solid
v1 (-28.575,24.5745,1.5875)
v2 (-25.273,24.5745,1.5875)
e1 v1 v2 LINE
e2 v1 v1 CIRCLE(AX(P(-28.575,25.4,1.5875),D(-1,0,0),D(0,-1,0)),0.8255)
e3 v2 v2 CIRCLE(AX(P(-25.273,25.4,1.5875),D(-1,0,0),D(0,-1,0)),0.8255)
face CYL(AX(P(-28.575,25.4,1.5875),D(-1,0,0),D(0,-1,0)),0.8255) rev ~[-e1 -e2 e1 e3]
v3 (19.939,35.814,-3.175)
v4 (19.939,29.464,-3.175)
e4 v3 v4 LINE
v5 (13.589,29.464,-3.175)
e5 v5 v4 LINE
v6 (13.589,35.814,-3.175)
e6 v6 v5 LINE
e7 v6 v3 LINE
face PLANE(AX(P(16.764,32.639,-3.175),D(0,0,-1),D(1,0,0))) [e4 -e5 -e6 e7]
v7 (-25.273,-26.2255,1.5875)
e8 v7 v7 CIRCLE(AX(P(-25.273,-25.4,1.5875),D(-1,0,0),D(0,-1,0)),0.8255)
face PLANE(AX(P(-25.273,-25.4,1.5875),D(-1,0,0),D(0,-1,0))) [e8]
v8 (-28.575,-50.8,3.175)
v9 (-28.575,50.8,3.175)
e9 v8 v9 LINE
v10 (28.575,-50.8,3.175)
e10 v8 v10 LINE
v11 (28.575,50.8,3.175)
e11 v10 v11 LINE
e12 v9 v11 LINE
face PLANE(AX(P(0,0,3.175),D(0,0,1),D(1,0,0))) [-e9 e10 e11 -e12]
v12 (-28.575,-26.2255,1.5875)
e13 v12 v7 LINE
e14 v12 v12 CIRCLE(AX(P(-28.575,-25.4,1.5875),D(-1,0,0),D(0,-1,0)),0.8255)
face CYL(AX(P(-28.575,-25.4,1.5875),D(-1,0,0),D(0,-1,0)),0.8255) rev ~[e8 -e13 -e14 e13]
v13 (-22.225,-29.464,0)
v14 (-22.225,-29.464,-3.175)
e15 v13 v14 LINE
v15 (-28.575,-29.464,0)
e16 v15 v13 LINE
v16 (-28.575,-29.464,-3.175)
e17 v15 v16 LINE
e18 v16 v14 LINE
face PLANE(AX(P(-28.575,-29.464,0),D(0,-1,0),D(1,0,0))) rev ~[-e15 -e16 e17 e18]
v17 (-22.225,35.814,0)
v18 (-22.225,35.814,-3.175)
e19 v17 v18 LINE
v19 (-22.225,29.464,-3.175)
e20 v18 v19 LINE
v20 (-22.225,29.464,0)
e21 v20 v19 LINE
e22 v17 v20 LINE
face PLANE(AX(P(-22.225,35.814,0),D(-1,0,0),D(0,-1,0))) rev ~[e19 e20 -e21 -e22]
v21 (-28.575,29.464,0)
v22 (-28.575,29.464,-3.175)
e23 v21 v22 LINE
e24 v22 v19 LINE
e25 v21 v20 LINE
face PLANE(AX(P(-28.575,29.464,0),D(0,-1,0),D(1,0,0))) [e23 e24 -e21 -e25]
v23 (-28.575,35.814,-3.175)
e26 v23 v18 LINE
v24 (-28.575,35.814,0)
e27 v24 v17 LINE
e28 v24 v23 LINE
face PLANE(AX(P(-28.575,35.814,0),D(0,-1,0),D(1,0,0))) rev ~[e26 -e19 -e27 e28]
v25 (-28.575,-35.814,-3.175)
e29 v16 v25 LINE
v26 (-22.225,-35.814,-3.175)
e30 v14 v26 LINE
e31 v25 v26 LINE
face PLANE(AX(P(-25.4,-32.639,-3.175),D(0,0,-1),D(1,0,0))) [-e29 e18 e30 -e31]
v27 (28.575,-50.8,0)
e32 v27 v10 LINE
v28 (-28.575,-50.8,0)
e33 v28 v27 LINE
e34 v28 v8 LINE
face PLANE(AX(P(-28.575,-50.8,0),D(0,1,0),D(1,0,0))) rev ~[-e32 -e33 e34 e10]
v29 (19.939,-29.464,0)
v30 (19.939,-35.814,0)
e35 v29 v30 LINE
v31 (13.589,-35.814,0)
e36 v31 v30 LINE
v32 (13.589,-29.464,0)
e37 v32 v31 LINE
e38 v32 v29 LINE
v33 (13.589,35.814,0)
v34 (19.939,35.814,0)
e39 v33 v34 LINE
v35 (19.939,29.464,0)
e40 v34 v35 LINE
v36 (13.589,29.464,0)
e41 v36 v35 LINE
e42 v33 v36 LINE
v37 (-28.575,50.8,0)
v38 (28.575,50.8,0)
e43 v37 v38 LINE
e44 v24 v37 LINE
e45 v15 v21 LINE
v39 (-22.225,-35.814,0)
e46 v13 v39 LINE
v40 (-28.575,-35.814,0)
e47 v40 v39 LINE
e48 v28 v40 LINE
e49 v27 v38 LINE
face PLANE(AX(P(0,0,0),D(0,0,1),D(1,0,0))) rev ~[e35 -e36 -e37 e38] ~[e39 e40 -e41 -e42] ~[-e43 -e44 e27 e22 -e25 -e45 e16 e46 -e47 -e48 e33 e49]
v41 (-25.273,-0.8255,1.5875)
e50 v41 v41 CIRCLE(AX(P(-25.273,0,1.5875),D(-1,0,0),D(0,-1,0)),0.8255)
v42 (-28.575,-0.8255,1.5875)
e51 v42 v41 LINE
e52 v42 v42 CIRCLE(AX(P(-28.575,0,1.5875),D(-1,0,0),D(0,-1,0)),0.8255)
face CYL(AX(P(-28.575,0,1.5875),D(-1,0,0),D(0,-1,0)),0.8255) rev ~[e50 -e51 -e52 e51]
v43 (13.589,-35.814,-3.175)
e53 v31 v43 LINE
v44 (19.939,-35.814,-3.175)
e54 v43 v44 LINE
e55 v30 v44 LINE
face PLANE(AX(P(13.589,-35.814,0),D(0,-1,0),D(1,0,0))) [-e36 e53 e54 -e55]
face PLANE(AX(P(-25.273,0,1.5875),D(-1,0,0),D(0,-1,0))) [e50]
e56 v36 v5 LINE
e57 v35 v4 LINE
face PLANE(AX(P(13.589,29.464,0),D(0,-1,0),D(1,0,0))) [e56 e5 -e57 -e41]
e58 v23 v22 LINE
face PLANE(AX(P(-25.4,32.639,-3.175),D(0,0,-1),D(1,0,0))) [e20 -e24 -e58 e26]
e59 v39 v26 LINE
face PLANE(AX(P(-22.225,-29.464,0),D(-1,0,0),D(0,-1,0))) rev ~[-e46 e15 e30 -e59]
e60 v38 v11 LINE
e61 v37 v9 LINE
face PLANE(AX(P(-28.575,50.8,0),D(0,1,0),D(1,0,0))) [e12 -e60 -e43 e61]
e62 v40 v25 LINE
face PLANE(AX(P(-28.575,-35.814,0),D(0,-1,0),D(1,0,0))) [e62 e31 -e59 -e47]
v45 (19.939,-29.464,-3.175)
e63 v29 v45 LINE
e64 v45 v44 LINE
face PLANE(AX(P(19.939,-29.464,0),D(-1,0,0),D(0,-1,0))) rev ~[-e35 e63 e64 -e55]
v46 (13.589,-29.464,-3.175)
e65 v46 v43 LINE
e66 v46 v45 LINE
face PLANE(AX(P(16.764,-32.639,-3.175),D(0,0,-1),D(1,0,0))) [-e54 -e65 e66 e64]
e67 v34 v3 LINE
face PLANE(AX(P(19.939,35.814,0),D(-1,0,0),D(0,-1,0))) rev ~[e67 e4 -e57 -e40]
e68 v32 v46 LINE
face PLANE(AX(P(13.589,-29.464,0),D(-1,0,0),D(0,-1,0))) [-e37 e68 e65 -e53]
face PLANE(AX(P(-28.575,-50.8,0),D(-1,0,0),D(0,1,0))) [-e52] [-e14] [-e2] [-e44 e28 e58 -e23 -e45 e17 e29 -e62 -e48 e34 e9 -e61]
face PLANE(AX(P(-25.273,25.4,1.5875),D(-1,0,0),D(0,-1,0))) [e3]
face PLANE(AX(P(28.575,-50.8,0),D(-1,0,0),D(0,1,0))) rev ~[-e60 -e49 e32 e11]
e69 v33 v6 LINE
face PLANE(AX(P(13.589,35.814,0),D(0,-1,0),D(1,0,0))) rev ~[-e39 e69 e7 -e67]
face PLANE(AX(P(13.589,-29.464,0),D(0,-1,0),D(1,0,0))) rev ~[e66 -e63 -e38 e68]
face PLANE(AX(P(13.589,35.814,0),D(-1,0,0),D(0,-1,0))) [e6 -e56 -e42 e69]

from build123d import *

# Parameters (mm, degrees)
F0_W     = 57.15
F0_H     = 101.6
F1_DEPTH = 3.175
F2_R     = 0.8255
F3_DEPTH = 3.302
F4_W     = 6.35
F4_H     = 6.35
F5_DEPTH = 3.175


with BuildPart() as f1:
    # F0 (on Top) → F1 (new body)
    with BuildSketch(Plane.XY):
        Rectangle(F0_W, F0_H)
    extrude(amount=F1_DEPTH)

    # F2 (on face) → F3 (cut)
    with BuildSketch(Plane(origin=(-28.575, 0, 0), x_dir=(0, -1, 0), z_dir=(-1, 0, 0))):
        with Locations((0, 1.5875)):
            Circle(F2_R)
        with Locations((25.4, 1.5875)):
            Circle(F2_R)
        with Locations((-25.4, 1.5875)):
            Circle(F2_R)
    extrude(amount=-F3_DEPTH, mode=Mode.SUBTRACT)

    # F4 (on face) → F5 (join)
    with BuildSketch(Plane(origin=(0, 0, 0), x_dir=(1, 0, 0), z_dir=(0, 0, -1))):
        with Locations((-25.4, 32.639)):
            Rectangle(F4_W, F4_H)
        with Locations((-25.4, -32.639)):
            Rectangle(F4_W, F4_H)
        with Locations((16.764, -32.639)):
            Rectangle(F4_W, F4_H)
        with Locations((16.764, 32.639)):
            Rectangle(F4_W, F4_H)
    extrude(amount=F5_DEPTH)


solid = f1.part
